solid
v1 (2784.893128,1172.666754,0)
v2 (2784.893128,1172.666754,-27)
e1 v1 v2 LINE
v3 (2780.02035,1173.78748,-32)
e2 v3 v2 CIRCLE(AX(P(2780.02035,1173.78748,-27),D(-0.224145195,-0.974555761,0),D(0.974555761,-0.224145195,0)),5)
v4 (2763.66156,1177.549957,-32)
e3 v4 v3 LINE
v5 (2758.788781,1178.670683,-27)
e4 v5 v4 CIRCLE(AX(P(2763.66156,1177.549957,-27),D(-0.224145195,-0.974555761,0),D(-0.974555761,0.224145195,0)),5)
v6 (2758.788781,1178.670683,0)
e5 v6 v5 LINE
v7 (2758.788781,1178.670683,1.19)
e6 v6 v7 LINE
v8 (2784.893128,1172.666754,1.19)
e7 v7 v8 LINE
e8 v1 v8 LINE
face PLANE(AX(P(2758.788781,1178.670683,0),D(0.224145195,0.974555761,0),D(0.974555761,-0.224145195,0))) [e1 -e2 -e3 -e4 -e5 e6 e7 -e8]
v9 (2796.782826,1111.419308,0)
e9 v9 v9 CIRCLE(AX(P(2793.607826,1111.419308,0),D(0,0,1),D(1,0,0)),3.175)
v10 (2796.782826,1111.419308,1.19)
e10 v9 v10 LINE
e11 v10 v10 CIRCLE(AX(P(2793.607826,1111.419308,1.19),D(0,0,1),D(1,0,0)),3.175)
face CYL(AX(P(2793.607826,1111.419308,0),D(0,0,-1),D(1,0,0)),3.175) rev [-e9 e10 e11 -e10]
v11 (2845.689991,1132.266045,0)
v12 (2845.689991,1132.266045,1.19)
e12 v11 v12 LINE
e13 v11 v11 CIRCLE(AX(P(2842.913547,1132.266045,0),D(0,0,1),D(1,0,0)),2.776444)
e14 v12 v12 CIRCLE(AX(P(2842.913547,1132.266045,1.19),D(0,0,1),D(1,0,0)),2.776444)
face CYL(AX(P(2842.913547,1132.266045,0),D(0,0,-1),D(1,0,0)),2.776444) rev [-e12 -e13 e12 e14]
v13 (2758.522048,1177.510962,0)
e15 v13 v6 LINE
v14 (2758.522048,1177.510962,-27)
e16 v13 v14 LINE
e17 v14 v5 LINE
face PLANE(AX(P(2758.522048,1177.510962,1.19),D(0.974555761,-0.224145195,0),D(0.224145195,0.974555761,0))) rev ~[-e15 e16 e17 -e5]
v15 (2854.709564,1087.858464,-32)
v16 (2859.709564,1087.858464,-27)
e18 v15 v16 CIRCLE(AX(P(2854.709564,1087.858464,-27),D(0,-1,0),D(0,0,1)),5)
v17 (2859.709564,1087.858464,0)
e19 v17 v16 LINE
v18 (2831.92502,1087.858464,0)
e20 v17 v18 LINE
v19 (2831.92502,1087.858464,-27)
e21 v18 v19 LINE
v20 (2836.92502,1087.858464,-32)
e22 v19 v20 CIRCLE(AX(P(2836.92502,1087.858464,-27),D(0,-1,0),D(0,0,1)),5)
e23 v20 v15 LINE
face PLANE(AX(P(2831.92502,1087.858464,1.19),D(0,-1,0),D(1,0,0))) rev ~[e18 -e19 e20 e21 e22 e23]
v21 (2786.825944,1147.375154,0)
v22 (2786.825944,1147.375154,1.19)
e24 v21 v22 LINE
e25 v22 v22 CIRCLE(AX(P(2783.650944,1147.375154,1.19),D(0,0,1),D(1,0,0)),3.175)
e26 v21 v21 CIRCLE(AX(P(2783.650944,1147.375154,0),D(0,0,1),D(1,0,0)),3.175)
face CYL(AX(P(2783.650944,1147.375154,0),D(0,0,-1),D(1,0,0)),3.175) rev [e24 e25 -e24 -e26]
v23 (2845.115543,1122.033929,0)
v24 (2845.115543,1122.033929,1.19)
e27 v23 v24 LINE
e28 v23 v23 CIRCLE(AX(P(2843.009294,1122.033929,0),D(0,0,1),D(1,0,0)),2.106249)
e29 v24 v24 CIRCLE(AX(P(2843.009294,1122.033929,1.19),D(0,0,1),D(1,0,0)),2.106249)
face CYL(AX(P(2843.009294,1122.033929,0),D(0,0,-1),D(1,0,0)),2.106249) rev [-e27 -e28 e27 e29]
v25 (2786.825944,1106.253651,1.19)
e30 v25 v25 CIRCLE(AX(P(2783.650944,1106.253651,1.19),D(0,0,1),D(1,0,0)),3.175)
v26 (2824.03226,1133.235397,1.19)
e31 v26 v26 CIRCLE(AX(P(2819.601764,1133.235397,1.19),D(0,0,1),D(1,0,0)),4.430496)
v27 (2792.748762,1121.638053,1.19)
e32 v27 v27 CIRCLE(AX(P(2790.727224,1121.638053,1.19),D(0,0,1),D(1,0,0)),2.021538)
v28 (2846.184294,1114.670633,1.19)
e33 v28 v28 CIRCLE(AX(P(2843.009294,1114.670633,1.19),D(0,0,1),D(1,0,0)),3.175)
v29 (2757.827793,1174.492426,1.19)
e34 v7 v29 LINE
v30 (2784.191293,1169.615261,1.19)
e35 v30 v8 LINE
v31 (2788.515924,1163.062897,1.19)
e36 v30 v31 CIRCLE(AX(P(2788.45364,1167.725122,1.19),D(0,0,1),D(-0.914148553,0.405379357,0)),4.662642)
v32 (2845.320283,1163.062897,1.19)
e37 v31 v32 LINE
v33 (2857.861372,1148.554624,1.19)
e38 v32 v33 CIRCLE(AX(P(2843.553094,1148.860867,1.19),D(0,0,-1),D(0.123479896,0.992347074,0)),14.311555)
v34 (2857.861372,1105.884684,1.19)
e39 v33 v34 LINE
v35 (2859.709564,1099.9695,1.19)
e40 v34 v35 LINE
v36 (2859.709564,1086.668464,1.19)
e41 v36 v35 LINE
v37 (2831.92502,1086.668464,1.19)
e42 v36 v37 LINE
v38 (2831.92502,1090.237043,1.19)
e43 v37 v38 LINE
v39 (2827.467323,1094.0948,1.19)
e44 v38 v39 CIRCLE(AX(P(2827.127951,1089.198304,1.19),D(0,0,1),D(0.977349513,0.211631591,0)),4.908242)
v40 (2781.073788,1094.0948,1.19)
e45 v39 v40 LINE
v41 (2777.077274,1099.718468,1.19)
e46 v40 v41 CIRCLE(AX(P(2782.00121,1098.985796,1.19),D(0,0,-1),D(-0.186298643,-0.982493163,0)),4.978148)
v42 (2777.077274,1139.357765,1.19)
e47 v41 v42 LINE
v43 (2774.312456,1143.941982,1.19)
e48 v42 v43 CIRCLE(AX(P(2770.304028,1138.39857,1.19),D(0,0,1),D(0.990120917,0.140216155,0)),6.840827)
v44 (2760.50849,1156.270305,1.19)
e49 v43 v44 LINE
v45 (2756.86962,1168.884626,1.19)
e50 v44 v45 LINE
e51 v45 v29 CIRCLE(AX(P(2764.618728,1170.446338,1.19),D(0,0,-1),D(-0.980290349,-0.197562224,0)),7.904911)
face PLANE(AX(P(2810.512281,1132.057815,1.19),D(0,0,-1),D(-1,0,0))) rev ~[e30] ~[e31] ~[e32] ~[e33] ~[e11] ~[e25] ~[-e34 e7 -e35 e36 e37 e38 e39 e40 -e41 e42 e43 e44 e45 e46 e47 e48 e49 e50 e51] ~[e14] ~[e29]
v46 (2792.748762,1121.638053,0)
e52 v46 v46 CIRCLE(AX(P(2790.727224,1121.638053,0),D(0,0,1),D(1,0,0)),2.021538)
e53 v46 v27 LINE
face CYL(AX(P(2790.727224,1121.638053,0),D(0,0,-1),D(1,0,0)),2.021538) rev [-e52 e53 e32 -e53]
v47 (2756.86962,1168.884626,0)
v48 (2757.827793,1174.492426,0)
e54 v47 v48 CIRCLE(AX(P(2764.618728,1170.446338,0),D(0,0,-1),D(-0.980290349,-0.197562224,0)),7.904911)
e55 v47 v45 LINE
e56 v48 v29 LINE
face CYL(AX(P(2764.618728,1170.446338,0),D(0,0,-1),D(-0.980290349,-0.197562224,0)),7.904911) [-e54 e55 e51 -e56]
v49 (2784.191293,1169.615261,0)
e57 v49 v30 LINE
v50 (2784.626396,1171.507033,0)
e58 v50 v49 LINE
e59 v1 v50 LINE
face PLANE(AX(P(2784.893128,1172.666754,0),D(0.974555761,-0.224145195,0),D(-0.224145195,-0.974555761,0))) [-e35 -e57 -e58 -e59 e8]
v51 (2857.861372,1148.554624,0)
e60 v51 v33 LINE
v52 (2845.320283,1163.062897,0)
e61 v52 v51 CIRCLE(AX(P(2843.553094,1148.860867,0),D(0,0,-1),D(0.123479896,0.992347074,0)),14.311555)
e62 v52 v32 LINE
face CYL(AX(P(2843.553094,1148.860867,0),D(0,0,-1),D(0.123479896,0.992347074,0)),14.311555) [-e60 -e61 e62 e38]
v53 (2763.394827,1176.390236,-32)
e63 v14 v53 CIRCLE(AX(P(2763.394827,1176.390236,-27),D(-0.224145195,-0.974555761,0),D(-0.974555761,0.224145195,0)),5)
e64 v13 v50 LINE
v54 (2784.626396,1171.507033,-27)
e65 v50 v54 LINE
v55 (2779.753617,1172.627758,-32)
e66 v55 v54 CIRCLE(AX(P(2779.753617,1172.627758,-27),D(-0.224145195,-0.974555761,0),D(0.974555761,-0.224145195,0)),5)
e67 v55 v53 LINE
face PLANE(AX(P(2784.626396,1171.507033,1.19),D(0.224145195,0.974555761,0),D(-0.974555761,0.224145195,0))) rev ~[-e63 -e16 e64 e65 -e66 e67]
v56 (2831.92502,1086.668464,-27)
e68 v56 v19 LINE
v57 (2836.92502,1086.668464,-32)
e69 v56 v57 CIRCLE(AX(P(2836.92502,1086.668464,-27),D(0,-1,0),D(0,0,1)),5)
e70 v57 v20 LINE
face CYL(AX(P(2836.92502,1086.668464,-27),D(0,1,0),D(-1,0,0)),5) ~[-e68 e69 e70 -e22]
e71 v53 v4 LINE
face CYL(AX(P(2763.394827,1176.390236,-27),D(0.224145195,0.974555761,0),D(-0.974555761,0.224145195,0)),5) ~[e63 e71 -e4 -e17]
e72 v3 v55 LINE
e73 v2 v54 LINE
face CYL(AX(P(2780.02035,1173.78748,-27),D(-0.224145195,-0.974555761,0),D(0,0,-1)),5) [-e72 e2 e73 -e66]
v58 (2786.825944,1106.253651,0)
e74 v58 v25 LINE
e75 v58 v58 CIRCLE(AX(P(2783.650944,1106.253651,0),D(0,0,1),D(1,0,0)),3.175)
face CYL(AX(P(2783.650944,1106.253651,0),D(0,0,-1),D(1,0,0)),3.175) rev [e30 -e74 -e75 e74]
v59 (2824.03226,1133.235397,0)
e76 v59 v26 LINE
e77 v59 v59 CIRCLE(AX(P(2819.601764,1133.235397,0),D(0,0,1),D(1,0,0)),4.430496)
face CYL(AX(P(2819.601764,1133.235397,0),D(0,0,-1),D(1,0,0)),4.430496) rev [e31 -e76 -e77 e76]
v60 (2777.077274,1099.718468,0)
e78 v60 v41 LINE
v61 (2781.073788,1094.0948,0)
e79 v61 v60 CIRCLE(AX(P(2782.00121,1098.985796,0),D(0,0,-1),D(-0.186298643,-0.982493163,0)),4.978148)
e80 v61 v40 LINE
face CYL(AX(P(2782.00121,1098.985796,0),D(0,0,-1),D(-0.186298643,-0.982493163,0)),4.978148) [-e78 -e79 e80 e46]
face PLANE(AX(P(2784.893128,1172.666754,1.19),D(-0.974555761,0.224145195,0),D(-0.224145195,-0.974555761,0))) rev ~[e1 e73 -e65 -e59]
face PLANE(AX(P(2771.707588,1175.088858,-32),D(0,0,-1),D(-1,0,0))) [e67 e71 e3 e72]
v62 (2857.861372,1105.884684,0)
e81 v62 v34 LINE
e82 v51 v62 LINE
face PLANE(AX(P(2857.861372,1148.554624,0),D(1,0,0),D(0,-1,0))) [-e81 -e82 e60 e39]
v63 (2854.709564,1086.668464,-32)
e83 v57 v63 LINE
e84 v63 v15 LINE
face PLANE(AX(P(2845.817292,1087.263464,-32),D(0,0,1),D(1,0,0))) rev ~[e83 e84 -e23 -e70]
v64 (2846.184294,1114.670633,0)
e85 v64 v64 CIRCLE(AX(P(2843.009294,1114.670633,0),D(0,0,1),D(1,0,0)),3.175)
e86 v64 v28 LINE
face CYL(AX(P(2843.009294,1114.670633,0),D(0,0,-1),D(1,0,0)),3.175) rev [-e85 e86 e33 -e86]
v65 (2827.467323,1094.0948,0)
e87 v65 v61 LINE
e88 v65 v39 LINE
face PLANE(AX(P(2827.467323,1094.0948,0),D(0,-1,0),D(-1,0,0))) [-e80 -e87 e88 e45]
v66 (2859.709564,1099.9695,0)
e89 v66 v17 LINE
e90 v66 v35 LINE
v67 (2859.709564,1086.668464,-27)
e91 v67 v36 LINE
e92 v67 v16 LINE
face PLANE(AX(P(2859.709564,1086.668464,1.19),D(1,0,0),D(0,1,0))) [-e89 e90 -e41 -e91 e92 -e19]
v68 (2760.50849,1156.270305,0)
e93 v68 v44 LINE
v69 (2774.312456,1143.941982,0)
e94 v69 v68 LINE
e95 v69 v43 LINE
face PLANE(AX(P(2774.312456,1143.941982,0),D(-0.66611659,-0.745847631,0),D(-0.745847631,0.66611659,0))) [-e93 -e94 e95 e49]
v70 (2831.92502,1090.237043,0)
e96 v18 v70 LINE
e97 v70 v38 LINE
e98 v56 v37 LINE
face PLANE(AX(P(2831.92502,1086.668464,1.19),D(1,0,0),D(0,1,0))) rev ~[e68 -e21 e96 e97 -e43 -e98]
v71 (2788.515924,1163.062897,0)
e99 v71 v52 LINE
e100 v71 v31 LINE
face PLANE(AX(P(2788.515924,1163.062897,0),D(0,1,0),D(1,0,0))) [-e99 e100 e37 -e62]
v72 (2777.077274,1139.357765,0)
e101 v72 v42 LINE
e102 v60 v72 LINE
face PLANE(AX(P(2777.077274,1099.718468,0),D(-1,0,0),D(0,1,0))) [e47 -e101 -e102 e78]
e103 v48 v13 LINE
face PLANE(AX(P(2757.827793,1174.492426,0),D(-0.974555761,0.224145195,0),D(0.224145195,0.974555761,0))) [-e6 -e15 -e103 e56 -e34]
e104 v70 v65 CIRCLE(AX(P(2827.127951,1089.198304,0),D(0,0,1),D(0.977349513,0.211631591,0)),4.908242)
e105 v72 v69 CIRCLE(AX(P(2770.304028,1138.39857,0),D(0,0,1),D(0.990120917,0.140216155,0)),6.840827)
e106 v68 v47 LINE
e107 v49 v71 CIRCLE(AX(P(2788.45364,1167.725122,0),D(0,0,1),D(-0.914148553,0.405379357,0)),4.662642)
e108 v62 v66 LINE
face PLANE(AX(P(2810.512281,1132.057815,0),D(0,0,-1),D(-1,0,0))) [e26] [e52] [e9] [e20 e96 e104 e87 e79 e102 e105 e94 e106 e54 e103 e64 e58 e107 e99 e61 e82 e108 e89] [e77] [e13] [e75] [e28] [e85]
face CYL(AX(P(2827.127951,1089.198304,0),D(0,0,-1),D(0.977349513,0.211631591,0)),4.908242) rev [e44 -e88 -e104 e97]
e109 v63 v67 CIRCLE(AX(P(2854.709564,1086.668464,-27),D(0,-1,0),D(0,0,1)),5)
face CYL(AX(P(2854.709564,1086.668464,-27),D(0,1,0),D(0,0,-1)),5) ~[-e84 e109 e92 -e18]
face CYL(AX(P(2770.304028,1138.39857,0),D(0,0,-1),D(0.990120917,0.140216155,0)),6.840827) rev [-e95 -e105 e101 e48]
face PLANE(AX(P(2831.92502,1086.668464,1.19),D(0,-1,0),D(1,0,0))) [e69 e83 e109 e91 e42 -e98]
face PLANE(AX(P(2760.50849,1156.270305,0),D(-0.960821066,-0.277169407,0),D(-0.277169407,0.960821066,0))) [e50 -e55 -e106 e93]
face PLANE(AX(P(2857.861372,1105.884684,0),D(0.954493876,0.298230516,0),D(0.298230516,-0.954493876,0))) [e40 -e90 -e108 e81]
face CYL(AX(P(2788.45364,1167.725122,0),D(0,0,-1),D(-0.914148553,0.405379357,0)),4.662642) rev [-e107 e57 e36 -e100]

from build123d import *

# Parameters (mm, degrees)
CROQUIS1_R              = 4.430496459
CROQUIS1_R_2            = 2.021537648
CROQUIS1_R_3            = 3.175
CROQUIS1_R_4            = 2.776444448
CROQUIS1_R_5            = 2.106249137
SALIENTE_EXTRUIR1_DEPTH = 1.19
CROQUIS4_W              = 27.78454451
CROQUIS4_H              = 1.19
SALIENTE_EXTRUIR2_DEPTH = 33.19
REDONDEO2_R             = 5


with BuildPart() as part:
    # Croquis1 → Saliente-Extruir1 (new body)
    with BuildSketch(Plane.XY):
        with BuildLine():
            Line((2788.515923591, 1163.062896503), (2845.320282862, 1163.062896503))
            ThreePointArc((2845.320282862, 1163.062896503), (2854.380265752, 1158.219977336), (2857.861371877, 1148.554623946))
            Line((2857.861371877, 1148.554623946), (2857.861371877, 1105.884683704))
            Line((2857.861371877, 1105.884683704), (2859.709564321, 1099.969499723))
            Line((2859.709564321, 1099.969499723), (2859.709564321, 1086.668463787))
            Line((2859.709564321, 1086.668463787), (2831.925019811, 1086.668463787))
            Line((2831.925019811, 1086.668463787), (2831.925019811, 1090.237043102))
            ThreePointArc((2831.925019811, 1090.237043102), (2830.339855276, 1092.909707682), (2827.46732338, 1094.094799688))
            Line((2827.46732338, 1094.094799688), (2781.073788136, 1094.094799688))
            ThreePointArc((2781.073788136, 1094.094799688), (2777.943377157, 1096.10205762), (2777.077273901, 1099.718467781))
            Line((2777.077273901, 1099.718467781), (2777.077273901, 1139.357764533))
            ThreePointArc((2777.077273901, 1139.357764533), (2776.16191908, 1141.931561181), (2774.31245647, 1143.941981956))
            Line((2774.31245647, 1143.941981956), (2760.508490421, 1156.27030536))
            Line((2760.508490421, 1156.27030536), (2756.869619555, 1168.884626052))
            ThreePointArc((2756.869619555, 1168.884626052), (2756.826740412, 1171.777711215), (2757.827792947, 1174.492425601))
            Line((2757.827792947, 1174.492425601), (2758.788780948, 1178.67068333))
            Line((2758.788780948, 1178.67068333), (2784.893128388, 1172.66675387))
            Line((2784.893128388, 1172.66675387), (2784.19129322, 1169.615260811))
            ThreePointArc((2784.19129322, 1169.615260811), (2784.56217485, 1165.156713392), (2788.515923591, 1163.062896503))
        make_face()
        with Locations((2819.601763615, 1133.235396685)):
            Circle(CROQUIS1_R, mode=Mode.SUBTRACT)
        with Locations((2790.727223865, 1121.638053324)):
            Circle(CROQUIS1_R_2, mode=Mode.SUBTRACT)
        with Locations((2783.65094449, 1147.375154376)):
            Circle(CROQUIS1_R_3, mode=Mode.SUBTRACT)
        with Locations((2793.607825607, 1111.419307874)):
            Circle(CROQUIS1_R_3, mode=Mode.SUBTRACT)
        with Locations((2783.65094449, 1106.253651095)):
            Circle(CROQUIS1_R_3, mode=Mode.SUBTRACT)
        with Locations((2842.913546585, 1132.266044758)):
            Circle(CROQUIS1_R_4, mode=Mode.SUBTRACT)
        with Locations((2843.009293559, 1122.033928625)):
            Circle(CROQUIS1_R_5, mode=Mode.SUBTRACT)
        with Locations((2843.009293559, 1114.670632569)):
            Circle(CROQUIS1_R_3, mode=Mode.SUBTRACT)
    extrude(amount=SALIENTE_EXTRUIR1_DEPTH)

    # Croquis4 → Saliente-Extruir2 (add)
    with BuildSketch(Plane.XY.offset(1.19)):
        with Locations((2845.817292066, 1087.263463787)):
            Rectangle(CROQUIS4_W, CROQUIS4_H)
        Polygon((2784.893128388, 1172.66675387), (2784.626395606, 1171.507032515), (2758.522048166, 1177.510961974), (2758.788780948, 1178.67068333), align=None)
    extrude(amount=-SALIENTE_EXTRUIR2_DEPTH)

    # Redondeo2
    redondeo2_edges = [part.edges().sort_by_distance(p)[0] for p in [
        (2784.759761997, 1172.086893193, -32),
        (2758.655414557, 1178.090822652, -32),
        (2831.925019811, 1087.263463787, -32),
        (2859.709564321, 1087.263463787, -32),
    ]]
    fillet(redondeo2_edges, radius=REDONDEO2_R)


solid = part.part
